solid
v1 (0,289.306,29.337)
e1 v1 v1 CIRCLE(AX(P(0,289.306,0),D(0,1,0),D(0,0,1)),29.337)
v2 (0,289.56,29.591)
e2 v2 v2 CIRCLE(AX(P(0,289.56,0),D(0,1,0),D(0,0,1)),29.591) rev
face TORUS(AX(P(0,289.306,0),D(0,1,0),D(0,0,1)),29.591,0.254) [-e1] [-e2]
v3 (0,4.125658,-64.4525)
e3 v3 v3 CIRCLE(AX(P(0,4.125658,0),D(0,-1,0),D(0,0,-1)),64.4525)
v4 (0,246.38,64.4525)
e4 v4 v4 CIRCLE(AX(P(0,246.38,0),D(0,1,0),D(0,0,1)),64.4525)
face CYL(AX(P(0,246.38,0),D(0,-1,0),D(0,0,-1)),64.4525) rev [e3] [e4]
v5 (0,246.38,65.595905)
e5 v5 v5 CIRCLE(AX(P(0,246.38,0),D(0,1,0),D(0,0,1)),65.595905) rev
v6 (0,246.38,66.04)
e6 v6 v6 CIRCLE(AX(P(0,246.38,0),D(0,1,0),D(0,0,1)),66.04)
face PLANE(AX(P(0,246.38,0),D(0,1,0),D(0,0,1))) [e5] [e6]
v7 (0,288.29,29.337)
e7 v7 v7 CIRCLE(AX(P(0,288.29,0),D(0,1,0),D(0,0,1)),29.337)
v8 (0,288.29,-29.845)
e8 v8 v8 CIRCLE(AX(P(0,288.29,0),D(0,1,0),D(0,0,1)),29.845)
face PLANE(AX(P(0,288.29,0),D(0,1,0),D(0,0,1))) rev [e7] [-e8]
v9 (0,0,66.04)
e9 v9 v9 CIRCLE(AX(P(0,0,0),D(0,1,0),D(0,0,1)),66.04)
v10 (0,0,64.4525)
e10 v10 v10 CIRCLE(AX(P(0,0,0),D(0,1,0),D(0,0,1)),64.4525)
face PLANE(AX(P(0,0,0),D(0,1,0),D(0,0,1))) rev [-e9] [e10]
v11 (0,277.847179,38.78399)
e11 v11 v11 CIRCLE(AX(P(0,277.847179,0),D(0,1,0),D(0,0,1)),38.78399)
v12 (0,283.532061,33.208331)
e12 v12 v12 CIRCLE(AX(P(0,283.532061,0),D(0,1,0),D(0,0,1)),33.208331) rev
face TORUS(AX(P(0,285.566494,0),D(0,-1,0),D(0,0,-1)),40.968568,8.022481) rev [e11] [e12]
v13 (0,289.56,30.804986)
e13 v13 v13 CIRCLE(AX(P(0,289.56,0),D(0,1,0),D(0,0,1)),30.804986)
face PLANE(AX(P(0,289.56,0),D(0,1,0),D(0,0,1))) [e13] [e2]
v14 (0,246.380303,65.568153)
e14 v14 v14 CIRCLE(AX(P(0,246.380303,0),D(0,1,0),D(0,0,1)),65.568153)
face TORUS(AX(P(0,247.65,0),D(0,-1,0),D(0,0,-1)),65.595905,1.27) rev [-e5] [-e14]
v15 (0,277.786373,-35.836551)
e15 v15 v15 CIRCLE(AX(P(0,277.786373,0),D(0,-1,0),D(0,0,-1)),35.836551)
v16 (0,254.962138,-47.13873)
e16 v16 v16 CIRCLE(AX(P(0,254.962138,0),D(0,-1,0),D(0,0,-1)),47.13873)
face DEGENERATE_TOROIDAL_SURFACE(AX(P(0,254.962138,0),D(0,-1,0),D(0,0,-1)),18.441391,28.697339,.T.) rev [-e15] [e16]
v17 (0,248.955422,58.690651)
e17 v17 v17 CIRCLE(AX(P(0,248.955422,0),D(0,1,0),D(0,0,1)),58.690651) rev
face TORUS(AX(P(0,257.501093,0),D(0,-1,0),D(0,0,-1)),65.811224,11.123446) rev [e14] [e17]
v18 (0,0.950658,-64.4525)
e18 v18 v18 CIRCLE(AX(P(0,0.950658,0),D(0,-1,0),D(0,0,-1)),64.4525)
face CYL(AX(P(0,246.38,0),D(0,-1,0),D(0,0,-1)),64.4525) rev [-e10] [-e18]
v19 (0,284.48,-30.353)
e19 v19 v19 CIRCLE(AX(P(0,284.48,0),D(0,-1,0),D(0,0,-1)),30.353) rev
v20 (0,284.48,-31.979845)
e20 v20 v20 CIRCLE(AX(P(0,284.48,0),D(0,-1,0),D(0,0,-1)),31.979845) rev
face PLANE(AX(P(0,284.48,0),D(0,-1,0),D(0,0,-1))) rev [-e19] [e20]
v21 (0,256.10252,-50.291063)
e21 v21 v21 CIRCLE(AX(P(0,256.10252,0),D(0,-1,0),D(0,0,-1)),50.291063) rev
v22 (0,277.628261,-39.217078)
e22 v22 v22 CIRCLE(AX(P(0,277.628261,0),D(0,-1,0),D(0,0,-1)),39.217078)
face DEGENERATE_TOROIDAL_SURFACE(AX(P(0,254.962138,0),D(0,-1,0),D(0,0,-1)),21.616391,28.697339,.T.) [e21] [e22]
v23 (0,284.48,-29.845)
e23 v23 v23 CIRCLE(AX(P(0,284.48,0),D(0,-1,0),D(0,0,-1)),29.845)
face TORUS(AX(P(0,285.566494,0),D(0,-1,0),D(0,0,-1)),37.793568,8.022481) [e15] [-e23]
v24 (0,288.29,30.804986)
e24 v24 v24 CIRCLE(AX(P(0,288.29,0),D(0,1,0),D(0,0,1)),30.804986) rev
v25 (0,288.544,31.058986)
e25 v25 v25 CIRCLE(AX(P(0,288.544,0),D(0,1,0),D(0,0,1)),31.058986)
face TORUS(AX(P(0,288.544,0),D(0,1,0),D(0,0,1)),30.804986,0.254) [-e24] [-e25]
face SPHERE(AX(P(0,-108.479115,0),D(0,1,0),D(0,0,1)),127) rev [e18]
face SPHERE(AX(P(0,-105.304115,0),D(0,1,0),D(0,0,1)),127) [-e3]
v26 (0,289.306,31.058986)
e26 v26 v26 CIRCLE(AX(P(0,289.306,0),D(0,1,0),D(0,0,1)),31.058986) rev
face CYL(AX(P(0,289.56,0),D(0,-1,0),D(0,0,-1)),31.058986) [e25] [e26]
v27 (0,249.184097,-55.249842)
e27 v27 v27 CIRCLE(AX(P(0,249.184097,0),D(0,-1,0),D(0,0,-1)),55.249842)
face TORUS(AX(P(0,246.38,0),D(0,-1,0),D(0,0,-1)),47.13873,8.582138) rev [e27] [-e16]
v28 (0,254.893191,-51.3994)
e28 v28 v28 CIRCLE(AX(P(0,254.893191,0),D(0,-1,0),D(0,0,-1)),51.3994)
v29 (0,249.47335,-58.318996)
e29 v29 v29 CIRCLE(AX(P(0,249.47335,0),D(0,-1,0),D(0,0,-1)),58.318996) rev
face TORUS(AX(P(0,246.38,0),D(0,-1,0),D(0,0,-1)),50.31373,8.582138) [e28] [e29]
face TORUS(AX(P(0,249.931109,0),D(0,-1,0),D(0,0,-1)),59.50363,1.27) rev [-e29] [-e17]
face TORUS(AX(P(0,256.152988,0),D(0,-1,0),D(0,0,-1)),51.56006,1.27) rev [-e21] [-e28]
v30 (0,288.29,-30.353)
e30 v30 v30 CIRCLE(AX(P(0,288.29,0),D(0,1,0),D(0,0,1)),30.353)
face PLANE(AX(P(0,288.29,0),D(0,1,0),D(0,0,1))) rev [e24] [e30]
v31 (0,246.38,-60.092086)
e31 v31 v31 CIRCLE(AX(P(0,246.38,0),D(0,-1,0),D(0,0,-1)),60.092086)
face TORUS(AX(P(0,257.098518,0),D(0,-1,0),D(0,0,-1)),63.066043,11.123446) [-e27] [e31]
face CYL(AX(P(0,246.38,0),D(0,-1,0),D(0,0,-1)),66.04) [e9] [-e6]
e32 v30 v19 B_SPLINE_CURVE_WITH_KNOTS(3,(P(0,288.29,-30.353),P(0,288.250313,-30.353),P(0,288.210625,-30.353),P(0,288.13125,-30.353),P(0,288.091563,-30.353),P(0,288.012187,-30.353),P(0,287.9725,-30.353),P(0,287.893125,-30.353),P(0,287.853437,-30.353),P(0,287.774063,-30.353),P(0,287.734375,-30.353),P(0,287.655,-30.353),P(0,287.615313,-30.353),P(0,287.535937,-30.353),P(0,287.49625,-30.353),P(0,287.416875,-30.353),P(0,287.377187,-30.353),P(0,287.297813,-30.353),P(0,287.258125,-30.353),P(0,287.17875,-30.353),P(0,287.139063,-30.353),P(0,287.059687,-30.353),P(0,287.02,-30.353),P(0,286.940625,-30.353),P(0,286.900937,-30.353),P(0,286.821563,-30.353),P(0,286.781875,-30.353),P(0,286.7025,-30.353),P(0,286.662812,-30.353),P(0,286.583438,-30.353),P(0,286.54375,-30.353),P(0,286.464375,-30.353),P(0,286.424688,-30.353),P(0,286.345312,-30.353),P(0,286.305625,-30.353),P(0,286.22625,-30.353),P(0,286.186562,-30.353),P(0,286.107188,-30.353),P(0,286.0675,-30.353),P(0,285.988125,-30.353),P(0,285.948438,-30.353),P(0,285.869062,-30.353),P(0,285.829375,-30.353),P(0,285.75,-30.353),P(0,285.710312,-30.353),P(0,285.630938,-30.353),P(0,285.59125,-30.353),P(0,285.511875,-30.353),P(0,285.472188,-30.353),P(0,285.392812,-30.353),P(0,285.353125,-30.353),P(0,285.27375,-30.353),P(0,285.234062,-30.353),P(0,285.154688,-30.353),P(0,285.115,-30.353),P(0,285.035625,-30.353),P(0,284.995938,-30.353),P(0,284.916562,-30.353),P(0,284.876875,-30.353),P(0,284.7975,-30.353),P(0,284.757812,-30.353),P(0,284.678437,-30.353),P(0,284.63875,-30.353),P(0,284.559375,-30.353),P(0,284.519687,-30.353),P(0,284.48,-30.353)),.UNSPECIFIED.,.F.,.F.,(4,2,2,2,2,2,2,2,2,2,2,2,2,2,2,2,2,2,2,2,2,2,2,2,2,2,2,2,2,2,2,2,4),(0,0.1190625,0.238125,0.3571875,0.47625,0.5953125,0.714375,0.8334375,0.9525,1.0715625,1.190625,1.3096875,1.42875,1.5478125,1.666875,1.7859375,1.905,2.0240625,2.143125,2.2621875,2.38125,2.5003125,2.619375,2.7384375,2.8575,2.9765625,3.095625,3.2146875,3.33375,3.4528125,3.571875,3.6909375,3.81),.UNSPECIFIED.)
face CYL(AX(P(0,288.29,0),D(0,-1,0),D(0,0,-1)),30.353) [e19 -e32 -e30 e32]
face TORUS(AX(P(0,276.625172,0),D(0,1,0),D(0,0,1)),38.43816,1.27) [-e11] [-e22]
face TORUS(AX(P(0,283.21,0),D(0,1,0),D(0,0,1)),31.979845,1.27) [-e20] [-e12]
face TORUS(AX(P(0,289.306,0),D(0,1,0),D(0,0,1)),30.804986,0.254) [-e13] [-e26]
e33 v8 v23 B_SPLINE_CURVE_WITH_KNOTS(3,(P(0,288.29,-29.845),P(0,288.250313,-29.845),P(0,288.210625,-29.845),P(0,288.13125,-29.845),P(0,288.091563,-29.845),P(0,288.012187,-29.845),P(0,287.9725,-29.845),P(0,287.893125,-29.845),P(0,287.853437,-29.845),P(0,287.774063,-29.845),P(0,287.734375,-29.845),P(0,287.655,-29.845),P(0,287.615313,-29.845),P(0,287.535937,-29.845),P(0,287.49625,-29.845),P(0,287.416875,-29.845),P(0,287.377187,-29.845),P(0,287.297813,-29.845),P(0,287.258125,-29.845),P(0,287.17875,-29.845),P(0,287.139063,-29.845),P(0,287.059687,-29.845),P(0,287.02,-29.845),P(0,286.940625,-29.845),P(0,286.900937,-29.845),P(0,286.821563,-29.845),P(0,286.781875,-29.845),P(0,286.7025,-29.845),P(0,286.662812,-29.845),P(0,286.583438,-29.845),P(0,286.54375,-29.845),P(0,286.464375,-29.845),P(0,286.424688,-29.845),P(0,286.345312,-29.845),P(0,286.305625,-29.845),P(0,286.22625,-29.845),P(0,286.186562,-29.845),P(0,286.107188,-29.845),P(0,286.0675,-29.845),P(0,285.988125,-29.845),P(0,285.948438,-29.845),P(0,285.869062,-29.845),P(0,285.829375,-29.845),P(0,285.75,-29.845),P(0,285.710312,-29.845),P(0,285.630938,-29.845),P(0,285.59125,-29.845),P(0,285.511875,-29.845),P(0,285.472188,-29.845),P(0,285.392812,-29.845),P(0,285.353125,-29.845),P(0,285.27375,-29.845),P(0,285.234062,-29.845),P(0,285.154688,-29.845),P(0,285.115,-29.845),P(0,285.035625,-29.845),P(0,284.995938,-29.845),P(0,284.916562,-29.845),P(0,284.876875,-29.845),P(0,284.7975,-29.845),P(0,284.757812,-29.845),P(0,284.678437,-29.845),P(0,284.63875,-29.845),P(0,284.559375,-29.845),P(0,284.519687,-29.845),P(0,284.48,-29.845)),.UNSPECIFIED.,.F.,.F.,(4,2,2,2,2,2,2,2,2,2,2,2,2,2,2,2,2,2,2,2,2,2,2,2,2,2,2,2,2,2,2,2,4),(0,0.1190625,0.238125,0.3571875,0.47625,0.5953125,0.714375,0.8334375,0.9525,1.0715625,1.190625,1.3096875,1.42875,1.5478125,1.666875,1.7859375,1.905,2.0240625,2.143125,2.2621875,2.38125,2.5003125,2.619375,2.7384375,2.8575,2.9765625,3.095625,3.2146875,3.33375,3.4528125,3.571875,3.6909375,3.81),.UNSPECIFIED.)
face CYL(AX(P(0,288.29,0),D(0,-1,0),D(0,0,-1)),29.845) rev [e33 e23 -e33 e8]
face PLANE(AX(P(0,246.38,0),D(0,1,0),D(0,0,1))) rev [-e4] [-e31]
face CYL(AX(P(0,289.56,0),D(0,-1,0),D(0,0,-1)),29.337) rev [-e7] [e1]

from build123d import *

# Parameters (mm, degrees)
SKETCH1_R           = 66.04
SKETCH1_R_2         = 64.4525
BOSS_EXTRUDE1_DEPTH = 246.38
FILLET3_R           = 1.27
SKETCH11_R          = 30.353
SKETCH11_R_2        = 29.845
BOSS_EXTRUDE2_DEPTH = 3.81
SKETCH12_R          = 31.058986448
SKETCH12_R_2        = 29.337
BOSS_EXTRUDE3_DEPTH = 1.27
FILLET4_R           = 0.254


with BuildPart() as part:
    # Sketch1 → Boss-Extrude1 (new body)
    with BuildSketch(Plane(origin=(0, 0, 0), x_dir=(1, 0, 0), z_dir=(0, 1, 0))):
        with Locations(Location((0, 0, 0), (0, 0, 270))):
            Circle(SKETCH1_R)
        with Locations(Location((0, 0, 0), (0, 0, 270))):
            Circle(SKETCH1_R_2, mode=Mode.SUBTRACT)
    extrude(amount=BOSS_EXTRUDE1_DEPTH)

    # Sketch4 → Revolve5 (revolve)
    with BuildSketch(Plane.XY, mode=Mode.PRIVATE) as revolve5_sk:
        with BuildLine():
            ThreePointArc((-50.313730209, 254.962138497), (-55.29308505, 253.369930369), (-58.424842289, 249.184097363))
            ThreePointArc((-58.424842289, 249.184097363), (-61.96758374, 247.062823084), (-66.04, 246.38))
            Line((-66.04, 246.38), (0, 246.38))
            Line((0, 246.38), (0, 284.48))
            Line((0, 284.48), (-33.02, 284.48))
            ThreePointArc((-33.02, 284.48), (-34.99100046, 280.215897021), (-39.01155126, 277.786372726))
            ThreePointArc((-39.01155126, 277.786372726), (-47.333429049, 267.696785304), (-50.313730209, 254.962138497))
        make_face()
    revolve(revolve5_sk.sketch.rotate(Axis((0, 246.38, 0), (0, 1, 0)), 270), axis=Axis((0, 246.38, 0), (0, 1, 0)))

    # Fillet3
    fillet3_edges = [part.edges().sort_by_distance(p)[0] for p in [
        (0, 246.38, 65.582447768),
        (0, 254.962138497, 50.313730209),
        (0, 249.184097363, 58.424842289),
        (0, 284.48, 33.02),
        (0, 277.786372726, 39.01155126),
    ]]
    fillet(fillet3_edges, radius=FILLET3_R)

    # Sketch7 → Revolve8 (revolve)
    with BuildSketch(Plane(origin=(0, 0, 0), x_dir=(0, 0, -1), z_dir=(1, 0, 0))):
        with BuildLine():
            ThreePointArc((-66.04, 3.175), (-34.293967325, 16.978033309), (0, 21.695884959))
            Line((0, 21.695884959), (0, 18.520884959))
            ThreePointArc((0, 18.520884959), (-34.293967325, 13.803033309), (-66.04, 0))
            Line((-66.04, 0), (-66.04, 3.175))
        make_face()
    revolve(axis=Axis((0, 0, 0), (0, 1, 0)))

    # Sketch10 → Cut-Revolve1 (revolve, cut)
    with BuildSketch(Plane.XY, mode=Mode.PRIVATE) as cut_revolve1_sk:
        with BuildLine():
            Line((-60.092086221, 246.38), (0, 246.38))
            Line((0, 246.38), (0, 284.48))
            Line((0, 284.48), (-29.845, 284.48))
            ThreePointArc((-29.845, 284.48), (-31.81600046, 280.215897021), (-35.83655126, 277.786372726))
            ThreePointArc((-35.83655126, 277.786372726), (-44.158429049, 267.696785304), (-47.138730209, 254.962138497))
            ThreePointArc((-47.138730209, 254.962138497), (-52.11808505, 253.369930369), (-55.249842289, 249.184097363))
            ThreePointArc((-55.249842289, 249.184097363), (-57.49176142, 247.472593008), (-60.092086221, 246.38))
        make_face()
    revolve(cut_revolve1_sk.sketch.rotate(Axis((0, 246.38, 0), (0, 1, 0)), 270), axis=Axis((0, 246.38, 0), (0, 1, 0)), mode=Mode.SUBTRACT)

    # Sketch11 → Boss-Extrude2 (add)
    with BuildSketch(Plane(origin=(0, 284.48, 0), x_dir=(1, 0, 0), z_dir=(0, 1, 0))):
        with Locations(Location((0, 0, 0), (0, 0, 90))):
            Circle(SKETCH11_R)
        with Locations(Location((0, 0, 0), (0, 0, 90))):
            Circle(SKETCH11_R_2, mode=Mode.SUBTRACT)
    extrude(amount=BOSS_EXTRUDE2_DEPTH)

    # Sketch12 → Boss-Extrude3 (add)
    with BuildSketch(Plane(origin=(0, 288.29, 0), x_dir=(1, 0, 0), z_dir=(0, 1, 0))):
        with Locations(Location((0, 0, 0), (0, 0, 270))):
            Circle(SKETCH12_R)
        with Locations(Location((0, 0, 0), (0, 0, 270))):
            Circle(SKETCH12_R_2, mode=Mode.SUBTRACT)
    extrude(amount=BOSS_EXTRUDE3_DEPTH)

    # Fillet4
    fillet4_edges = [part.edges().sort_by_distance(p)[0] for p in [
        (0, 289.56, -31.058986448),
        (0, 288.29, -31.058986448),
        (0, 289.56, -29.337),
    ]]
    fillet(fillet4_edges, radius=FILLET4_R)


solid = part.part
